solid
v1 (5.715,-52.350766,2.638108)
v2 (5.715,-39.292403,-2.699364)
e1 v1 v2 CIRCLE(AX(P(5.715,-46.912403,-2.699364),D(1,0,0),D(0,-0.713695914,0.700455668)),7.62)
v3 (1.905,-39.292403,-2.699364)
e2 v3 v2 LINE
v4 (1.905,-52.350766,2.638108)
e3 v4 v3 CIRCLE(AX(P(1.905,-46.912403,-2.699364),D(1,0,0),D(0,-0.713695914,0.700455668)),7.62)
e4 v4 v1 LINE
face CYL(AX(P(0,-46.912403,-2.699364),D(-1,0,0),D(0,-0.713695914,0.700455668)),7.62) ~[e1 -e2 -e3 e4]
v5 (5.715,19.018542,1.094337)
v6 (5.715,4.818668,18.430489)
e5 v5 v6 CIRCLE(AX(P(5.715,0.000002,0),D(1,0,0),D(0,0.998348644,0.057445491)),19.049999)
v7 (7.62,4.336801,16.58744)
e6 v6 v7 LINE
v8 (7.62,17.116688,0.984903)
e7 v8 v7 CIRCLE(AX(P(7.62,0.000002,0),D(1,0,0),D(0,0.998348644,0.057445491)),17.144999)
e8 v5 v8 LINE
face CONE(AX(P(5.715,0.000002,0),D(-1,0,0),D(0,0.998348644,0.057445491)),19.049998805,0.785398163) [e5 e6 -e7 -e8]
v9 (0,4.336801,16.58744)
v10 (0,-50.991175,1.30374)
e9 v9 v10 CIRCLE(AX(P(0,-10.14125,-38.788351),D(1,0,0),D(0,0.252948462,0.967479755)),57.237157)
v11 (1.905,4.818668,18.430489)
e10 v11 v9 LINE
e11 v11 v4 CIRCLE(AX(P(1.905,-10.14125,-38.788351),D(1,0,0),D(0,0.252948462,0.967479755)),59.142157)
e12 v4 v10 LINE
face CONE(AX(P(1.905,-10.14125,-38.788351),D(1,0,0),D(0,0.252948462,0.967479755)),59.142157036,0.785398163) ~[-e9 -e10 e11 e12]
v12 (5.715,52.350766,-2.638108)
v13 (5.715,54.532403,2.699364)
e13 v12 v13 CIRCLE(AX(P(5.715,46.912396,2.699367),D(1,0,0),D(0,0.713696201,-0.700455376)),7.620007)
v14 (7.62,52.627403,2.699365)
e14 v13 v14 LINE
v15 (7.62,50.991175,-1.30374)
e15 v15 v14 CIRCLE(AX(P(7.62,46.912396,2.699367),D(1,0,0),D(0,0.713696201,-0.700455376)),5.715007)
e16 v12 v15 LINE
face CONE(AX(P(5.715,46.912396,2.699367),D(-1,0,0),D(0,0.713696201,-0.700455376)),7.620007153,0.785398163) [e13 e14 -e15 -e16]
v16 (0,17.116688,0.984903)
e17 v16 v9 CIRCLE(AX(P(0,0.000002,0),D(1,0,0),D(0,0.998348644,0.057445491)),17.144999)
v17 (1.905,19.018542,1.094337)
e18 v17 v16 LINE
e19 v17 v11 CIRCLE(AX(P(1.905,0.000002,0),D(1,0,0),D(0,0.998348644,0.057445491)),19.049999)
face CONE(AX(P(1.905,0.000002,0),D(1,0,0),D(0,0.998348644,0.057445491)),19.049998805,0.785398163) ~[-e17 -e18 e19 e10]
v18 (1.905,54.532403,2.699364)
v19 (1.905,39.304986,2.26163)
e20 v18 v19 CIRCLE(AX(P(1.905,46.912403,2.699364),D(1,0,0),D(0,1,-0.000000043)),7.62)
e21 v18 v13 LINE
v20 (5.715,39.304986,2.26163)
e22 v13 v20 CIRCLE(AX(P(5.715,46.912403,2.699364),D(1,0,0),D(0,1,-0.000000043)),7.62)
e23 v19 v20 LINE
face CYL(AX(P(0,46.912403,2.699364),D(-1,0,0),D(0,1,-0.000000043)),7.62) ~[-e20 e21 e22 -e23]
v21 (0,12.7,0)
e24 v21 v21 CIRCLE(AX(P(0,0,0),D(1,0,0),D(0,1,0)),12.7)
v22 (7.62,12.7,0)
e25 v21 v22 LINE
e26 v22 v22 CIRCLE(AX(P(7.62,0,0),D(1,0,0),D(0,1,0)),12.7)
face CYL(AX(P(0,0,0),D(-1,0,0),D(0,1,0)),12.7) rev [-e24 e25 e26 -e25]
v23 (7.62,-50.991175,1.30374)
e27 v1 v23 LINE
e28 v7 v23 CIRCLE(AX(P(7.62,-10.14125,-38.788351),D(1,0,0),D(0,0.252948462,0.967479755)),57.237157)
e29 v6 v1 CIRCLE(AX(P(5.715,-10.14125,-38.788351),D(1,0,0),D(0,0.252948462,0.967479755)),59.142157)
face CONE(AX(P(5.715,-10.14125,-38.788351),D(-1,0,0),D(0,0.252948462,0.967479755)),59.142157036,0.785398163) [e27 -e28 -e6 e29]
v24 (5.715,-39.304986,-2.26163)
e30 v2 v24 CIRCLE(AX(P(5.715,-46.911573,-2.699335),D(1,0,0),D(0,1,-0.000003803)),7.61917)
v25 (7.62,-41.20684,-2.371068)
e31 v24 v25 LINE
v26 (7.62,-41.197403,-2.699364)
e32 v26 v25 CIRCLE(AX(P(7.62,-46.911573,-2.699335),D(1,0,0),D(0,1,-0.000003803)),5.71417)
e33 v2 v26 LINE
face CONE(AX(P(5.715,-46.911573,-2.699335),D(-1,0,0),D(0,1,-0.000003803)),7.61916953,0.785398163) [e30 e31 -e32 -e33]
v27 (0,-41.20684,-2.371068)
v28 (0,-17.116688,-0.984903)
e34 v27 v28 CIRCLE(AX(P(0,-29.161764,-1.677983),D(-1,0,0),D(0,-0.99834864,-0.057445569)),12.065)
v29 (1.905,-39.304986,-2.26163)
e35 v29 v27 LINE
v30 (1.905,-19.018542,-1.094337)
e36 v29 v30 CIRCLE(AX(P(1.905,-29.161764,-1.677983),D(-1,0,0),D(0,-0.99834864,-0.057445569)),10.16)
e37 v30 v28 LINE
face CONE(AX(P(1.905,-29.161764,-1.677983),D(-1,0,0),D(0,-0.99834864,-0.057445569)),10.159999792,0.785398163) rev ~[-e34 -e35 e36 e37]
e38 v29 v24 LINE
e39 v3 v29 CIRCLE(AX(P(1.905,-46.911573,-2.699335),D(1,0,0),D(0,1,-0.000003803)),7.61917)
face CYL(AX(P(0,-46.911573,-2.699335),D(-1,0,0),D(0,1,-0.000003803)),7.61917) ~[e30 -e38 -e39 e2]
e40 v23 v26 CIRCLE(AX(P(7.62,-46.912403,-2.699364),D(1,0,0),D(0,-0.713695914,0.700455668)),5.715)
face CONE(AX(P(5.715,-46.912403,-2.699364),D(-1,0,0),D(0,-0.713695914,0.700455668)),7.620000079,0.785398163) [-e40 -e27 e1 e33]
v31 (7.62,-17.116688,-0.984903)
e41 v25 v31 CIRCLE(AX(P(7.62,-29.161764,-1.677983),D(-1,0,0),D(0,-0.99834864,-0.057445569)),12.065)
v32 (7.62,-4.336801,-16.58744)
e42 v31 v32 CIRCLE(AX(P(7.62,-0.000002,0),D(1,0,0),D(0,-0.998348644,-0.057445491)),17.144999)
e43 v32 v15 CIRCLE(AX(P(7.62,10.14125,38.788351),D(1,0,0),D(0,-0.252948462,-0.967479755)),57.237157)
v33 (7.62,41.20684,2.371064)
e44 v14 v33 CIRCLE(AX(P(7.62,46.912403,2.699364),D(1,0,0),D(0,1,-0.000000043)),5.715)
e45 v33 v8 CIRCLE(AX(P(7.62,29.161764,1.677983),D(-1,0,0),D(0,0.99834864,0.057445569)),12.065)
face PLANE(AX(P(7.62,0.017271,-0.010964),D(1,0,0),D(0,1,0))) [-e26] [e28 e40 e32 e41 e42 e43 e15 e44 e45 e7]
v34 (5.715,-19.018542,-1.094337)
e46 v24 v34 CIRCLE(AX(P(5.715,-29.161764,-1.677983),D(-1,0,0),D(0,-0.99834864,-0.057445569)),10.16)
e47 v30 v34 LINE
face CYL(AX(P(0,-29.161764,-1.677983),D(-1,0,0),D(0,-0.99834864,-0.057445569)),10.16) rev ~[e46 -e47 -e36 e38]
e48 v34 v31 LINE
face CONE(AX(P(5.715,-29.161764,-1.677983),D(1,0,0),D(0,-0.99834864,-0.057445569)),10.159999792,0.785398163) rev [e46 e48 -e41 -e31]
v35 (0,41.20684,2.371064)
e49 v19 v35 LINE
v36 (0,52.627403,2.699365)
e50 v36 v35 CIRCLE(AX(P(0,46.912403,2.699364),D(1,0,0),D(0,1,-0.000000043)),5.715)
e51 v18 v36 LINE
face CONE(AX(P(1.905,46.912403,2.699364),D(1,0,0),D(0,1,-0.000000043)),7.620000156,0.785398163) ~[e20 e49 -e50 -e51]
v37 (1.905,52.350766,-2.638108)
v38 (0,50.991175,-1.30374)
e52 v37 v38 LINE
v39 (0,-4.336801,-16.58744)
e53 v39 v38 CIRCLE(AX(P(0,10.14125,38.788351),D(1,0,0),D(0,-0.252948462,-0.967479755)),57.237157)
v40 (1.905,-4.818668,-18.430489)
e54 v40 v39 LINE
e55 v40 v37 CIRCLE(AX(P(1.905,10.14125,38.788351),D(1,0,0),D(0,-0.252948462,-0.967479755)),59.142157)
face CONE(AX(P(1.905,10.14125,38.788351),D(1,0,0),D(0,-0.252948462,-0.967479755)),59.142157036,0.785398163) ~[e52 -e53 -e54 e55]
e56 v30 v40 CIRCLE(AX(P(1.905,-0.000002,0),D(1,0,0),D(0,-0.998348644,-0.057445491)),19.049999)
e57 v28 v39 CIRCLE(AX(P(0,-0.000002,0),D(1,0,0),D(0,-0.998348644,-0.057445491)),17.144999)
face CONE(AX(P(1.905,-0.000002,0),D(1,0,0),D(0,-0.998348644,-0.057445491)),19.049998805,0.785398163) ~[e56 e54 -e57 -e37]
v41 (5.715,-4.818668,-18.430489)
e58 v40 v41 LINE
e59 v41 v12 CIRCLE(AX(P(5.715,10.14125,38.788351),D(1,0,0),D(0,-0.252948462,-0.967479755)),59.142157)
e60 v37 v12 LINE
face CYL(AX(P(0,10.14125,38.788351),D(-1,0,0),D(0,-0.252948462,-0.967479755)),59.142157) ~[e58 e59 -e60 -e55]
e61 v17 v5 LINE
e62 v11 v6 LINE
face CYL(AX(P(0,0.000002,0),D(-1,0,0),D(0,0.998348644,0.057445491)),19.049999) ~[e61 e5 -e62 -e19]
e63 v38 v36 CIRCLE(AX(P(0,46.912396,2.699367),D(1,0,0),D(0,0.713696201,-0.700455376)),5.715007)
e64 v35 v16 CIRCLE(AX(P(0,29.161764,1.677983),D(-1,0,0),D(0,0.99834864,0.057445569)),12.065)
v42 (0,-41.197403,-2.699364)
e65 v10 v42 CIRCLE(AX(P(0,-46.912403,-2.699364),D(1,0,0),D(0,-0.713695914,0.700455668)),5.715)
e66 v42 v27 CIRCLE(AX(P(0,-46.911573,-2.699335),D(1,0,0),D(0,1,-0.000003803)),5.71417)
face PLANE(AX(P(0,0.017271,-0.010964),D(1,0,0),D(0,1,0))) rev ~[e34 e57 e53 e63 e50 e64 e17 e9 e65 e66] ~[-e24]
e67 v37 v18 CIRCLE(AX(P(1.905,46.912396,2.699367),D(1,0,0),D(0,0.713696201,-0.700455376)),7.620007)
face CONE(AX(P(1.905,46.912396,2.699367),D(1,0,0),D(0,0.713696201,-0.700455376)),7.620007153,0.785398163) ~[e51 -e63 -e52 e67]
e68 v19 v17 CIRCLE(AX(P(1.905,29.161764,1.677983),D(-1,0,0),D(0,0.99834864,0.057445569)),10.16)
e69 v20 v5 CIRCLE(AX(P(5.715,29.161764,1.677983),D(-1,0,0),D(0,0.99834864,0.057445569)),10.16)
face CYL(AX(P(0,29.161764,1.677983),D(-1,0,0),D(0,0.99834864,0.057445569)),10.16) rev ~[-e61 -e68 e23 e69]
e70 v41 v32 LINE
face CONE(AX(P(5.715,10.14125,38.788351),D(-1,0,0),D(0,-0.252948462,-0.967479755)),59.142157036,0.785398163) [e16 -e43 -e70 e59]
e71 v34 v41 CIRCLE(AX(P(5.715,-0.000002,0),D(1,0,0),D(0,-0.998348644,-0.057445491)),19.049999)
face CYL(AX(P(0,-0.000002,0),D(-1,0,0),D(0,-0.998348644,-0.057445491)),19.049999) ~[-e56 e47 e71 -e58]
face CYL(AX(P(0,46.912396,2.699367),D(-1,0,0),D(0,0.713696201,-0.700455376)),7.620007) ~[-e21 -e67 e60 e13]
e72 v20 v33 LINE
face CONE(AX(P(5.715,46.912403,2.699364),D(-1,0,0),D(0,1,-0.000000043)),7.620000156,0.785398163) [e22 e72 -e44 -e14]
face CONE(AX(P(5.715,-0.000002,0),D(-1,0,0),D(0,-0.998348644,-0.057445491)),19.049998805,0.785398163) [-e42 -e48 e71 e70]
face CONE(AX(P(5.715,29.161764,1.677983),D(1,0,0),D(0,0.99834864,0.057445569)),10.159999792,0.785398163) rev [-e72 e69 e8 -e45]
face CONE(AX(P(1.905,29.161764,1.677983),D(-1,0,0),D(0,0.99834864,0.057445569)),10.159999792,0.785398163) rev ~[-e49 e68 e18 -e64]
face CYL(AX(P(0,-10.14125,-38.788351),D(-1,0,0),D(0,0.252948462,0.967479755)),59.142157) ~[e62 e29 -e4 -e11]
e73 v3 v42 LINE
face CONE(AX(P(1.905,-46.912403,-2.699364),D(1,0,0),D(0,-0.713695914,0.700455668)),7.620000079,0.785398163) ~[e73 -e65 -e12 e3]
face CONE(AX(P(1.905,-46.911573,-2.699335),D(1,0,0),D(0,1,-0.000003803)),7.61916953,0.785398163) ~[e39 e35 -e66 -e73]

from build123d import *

# Parameters (mm, degrees)
F0_R     = 12.7
F1_DEPTH = 7.62
F2_SIZE  = 1.905


with BuildPart() as f1:
    # F0 (on Right) → F1 (new body)
    with BuildSketch(Plane.YZ):
        with BuildLine():
            ThreePointArc((-4.818668, -18.430489), (11.642742, -15.078099), (19.05, 0))
            ThreePointArc((19.05, 0), (19.042134, 0.547394), (19.018542, 1.094337))
            ThreePointArc((19.018542, 1.094337), (14.737323, 12.071198), (4.818668, 18.430489))
            ThreePointArc((4.818668, 18.430489), (-12.071198, 14.737323), (-19.018542, -1.094337))
            ThreePointArc((-19.018542, -1.094337), (-14.737323, -12.071198), (-4.818668, -18.430489))
        make_face()
        Circle(F0_R, mode=Mode.SUBTRACT)
        with BuildLine():
            ThreePointArc((19.018542, 1.094337), (19.042134, 0.547394), (19.05, 0))
            ThreePointArc((19.05, 0), (11.642742, -15.078099), (-4.818668, -18.430489))
            ThreePointArc((-4.818668, -18.430489), (25.888789, -18.218752), (52.350766, -2.638108))
            ThreePointArc((52.350766, -2.638108), (44.233214, -4.434102), (39.304986, 2.26163))
            ThreePointArc((39.304986, 2.26163), (29.74541, -8.465239), (19.018542, 1.094337))
        make_face()
        with BuildLine():
            ThreePointArc((-19.018542, -1.094337), (-12.071198, 14.737323), (4.818668, 18.430489))
            ThreePointArc((4.818668, 18.430489), (-25.888789, 18.218752), (-52.350766, 2.638108))
            ThreePointArc((-52.350766, 2.638108), (-44.233214, 4.434102), (-39.304986, -2.26163))
            ThreePointArc((-39.304986, -2.26163), (-29.74541, 8.465239), (-19.018542, -1.094337))
        make_face()
        with BuildLine():
            ThreePointArc((54.532403, 2.699364), (46.693445, 10.316218), (39.304986, 2.26163))
            ThreePointArc((39.304986, 2.26163), (44.233214, -4.434102), (52.350766, -2.638108))
            ThreePointArc((52.350766, -2.638108), (53.965938, -0.183696), (54.532403, 2.699364))
        make_face()
        with BuildLine():
            ThreePointArc((-39.304986, -2.26163), (-44.233214, 4.434102), (-52.350766, 2.638108))
            ThreePointArc((-52.350766, 2.638108), (-49.795463, -9.7529), (-39.292403, -2.699364))
            ThreePointArc((-39.292403, -2.699364), (-39.295549, -2.480406), (-39.304986, -2.26163))
        make_face()
    extrude(amount=F1_DEPTH)

    # F2
    f2_edges = [f1.edges().sort_by_distance(p)[0] for p in [
        (0, 25.888789, -18.218752),
        (0, 29.74541, -8.465239),
        (7.62, 25.888789, -18.218752),
    ]]
    chamfer(f2_edges, length=F2_SIZE)


solid = f1.part
